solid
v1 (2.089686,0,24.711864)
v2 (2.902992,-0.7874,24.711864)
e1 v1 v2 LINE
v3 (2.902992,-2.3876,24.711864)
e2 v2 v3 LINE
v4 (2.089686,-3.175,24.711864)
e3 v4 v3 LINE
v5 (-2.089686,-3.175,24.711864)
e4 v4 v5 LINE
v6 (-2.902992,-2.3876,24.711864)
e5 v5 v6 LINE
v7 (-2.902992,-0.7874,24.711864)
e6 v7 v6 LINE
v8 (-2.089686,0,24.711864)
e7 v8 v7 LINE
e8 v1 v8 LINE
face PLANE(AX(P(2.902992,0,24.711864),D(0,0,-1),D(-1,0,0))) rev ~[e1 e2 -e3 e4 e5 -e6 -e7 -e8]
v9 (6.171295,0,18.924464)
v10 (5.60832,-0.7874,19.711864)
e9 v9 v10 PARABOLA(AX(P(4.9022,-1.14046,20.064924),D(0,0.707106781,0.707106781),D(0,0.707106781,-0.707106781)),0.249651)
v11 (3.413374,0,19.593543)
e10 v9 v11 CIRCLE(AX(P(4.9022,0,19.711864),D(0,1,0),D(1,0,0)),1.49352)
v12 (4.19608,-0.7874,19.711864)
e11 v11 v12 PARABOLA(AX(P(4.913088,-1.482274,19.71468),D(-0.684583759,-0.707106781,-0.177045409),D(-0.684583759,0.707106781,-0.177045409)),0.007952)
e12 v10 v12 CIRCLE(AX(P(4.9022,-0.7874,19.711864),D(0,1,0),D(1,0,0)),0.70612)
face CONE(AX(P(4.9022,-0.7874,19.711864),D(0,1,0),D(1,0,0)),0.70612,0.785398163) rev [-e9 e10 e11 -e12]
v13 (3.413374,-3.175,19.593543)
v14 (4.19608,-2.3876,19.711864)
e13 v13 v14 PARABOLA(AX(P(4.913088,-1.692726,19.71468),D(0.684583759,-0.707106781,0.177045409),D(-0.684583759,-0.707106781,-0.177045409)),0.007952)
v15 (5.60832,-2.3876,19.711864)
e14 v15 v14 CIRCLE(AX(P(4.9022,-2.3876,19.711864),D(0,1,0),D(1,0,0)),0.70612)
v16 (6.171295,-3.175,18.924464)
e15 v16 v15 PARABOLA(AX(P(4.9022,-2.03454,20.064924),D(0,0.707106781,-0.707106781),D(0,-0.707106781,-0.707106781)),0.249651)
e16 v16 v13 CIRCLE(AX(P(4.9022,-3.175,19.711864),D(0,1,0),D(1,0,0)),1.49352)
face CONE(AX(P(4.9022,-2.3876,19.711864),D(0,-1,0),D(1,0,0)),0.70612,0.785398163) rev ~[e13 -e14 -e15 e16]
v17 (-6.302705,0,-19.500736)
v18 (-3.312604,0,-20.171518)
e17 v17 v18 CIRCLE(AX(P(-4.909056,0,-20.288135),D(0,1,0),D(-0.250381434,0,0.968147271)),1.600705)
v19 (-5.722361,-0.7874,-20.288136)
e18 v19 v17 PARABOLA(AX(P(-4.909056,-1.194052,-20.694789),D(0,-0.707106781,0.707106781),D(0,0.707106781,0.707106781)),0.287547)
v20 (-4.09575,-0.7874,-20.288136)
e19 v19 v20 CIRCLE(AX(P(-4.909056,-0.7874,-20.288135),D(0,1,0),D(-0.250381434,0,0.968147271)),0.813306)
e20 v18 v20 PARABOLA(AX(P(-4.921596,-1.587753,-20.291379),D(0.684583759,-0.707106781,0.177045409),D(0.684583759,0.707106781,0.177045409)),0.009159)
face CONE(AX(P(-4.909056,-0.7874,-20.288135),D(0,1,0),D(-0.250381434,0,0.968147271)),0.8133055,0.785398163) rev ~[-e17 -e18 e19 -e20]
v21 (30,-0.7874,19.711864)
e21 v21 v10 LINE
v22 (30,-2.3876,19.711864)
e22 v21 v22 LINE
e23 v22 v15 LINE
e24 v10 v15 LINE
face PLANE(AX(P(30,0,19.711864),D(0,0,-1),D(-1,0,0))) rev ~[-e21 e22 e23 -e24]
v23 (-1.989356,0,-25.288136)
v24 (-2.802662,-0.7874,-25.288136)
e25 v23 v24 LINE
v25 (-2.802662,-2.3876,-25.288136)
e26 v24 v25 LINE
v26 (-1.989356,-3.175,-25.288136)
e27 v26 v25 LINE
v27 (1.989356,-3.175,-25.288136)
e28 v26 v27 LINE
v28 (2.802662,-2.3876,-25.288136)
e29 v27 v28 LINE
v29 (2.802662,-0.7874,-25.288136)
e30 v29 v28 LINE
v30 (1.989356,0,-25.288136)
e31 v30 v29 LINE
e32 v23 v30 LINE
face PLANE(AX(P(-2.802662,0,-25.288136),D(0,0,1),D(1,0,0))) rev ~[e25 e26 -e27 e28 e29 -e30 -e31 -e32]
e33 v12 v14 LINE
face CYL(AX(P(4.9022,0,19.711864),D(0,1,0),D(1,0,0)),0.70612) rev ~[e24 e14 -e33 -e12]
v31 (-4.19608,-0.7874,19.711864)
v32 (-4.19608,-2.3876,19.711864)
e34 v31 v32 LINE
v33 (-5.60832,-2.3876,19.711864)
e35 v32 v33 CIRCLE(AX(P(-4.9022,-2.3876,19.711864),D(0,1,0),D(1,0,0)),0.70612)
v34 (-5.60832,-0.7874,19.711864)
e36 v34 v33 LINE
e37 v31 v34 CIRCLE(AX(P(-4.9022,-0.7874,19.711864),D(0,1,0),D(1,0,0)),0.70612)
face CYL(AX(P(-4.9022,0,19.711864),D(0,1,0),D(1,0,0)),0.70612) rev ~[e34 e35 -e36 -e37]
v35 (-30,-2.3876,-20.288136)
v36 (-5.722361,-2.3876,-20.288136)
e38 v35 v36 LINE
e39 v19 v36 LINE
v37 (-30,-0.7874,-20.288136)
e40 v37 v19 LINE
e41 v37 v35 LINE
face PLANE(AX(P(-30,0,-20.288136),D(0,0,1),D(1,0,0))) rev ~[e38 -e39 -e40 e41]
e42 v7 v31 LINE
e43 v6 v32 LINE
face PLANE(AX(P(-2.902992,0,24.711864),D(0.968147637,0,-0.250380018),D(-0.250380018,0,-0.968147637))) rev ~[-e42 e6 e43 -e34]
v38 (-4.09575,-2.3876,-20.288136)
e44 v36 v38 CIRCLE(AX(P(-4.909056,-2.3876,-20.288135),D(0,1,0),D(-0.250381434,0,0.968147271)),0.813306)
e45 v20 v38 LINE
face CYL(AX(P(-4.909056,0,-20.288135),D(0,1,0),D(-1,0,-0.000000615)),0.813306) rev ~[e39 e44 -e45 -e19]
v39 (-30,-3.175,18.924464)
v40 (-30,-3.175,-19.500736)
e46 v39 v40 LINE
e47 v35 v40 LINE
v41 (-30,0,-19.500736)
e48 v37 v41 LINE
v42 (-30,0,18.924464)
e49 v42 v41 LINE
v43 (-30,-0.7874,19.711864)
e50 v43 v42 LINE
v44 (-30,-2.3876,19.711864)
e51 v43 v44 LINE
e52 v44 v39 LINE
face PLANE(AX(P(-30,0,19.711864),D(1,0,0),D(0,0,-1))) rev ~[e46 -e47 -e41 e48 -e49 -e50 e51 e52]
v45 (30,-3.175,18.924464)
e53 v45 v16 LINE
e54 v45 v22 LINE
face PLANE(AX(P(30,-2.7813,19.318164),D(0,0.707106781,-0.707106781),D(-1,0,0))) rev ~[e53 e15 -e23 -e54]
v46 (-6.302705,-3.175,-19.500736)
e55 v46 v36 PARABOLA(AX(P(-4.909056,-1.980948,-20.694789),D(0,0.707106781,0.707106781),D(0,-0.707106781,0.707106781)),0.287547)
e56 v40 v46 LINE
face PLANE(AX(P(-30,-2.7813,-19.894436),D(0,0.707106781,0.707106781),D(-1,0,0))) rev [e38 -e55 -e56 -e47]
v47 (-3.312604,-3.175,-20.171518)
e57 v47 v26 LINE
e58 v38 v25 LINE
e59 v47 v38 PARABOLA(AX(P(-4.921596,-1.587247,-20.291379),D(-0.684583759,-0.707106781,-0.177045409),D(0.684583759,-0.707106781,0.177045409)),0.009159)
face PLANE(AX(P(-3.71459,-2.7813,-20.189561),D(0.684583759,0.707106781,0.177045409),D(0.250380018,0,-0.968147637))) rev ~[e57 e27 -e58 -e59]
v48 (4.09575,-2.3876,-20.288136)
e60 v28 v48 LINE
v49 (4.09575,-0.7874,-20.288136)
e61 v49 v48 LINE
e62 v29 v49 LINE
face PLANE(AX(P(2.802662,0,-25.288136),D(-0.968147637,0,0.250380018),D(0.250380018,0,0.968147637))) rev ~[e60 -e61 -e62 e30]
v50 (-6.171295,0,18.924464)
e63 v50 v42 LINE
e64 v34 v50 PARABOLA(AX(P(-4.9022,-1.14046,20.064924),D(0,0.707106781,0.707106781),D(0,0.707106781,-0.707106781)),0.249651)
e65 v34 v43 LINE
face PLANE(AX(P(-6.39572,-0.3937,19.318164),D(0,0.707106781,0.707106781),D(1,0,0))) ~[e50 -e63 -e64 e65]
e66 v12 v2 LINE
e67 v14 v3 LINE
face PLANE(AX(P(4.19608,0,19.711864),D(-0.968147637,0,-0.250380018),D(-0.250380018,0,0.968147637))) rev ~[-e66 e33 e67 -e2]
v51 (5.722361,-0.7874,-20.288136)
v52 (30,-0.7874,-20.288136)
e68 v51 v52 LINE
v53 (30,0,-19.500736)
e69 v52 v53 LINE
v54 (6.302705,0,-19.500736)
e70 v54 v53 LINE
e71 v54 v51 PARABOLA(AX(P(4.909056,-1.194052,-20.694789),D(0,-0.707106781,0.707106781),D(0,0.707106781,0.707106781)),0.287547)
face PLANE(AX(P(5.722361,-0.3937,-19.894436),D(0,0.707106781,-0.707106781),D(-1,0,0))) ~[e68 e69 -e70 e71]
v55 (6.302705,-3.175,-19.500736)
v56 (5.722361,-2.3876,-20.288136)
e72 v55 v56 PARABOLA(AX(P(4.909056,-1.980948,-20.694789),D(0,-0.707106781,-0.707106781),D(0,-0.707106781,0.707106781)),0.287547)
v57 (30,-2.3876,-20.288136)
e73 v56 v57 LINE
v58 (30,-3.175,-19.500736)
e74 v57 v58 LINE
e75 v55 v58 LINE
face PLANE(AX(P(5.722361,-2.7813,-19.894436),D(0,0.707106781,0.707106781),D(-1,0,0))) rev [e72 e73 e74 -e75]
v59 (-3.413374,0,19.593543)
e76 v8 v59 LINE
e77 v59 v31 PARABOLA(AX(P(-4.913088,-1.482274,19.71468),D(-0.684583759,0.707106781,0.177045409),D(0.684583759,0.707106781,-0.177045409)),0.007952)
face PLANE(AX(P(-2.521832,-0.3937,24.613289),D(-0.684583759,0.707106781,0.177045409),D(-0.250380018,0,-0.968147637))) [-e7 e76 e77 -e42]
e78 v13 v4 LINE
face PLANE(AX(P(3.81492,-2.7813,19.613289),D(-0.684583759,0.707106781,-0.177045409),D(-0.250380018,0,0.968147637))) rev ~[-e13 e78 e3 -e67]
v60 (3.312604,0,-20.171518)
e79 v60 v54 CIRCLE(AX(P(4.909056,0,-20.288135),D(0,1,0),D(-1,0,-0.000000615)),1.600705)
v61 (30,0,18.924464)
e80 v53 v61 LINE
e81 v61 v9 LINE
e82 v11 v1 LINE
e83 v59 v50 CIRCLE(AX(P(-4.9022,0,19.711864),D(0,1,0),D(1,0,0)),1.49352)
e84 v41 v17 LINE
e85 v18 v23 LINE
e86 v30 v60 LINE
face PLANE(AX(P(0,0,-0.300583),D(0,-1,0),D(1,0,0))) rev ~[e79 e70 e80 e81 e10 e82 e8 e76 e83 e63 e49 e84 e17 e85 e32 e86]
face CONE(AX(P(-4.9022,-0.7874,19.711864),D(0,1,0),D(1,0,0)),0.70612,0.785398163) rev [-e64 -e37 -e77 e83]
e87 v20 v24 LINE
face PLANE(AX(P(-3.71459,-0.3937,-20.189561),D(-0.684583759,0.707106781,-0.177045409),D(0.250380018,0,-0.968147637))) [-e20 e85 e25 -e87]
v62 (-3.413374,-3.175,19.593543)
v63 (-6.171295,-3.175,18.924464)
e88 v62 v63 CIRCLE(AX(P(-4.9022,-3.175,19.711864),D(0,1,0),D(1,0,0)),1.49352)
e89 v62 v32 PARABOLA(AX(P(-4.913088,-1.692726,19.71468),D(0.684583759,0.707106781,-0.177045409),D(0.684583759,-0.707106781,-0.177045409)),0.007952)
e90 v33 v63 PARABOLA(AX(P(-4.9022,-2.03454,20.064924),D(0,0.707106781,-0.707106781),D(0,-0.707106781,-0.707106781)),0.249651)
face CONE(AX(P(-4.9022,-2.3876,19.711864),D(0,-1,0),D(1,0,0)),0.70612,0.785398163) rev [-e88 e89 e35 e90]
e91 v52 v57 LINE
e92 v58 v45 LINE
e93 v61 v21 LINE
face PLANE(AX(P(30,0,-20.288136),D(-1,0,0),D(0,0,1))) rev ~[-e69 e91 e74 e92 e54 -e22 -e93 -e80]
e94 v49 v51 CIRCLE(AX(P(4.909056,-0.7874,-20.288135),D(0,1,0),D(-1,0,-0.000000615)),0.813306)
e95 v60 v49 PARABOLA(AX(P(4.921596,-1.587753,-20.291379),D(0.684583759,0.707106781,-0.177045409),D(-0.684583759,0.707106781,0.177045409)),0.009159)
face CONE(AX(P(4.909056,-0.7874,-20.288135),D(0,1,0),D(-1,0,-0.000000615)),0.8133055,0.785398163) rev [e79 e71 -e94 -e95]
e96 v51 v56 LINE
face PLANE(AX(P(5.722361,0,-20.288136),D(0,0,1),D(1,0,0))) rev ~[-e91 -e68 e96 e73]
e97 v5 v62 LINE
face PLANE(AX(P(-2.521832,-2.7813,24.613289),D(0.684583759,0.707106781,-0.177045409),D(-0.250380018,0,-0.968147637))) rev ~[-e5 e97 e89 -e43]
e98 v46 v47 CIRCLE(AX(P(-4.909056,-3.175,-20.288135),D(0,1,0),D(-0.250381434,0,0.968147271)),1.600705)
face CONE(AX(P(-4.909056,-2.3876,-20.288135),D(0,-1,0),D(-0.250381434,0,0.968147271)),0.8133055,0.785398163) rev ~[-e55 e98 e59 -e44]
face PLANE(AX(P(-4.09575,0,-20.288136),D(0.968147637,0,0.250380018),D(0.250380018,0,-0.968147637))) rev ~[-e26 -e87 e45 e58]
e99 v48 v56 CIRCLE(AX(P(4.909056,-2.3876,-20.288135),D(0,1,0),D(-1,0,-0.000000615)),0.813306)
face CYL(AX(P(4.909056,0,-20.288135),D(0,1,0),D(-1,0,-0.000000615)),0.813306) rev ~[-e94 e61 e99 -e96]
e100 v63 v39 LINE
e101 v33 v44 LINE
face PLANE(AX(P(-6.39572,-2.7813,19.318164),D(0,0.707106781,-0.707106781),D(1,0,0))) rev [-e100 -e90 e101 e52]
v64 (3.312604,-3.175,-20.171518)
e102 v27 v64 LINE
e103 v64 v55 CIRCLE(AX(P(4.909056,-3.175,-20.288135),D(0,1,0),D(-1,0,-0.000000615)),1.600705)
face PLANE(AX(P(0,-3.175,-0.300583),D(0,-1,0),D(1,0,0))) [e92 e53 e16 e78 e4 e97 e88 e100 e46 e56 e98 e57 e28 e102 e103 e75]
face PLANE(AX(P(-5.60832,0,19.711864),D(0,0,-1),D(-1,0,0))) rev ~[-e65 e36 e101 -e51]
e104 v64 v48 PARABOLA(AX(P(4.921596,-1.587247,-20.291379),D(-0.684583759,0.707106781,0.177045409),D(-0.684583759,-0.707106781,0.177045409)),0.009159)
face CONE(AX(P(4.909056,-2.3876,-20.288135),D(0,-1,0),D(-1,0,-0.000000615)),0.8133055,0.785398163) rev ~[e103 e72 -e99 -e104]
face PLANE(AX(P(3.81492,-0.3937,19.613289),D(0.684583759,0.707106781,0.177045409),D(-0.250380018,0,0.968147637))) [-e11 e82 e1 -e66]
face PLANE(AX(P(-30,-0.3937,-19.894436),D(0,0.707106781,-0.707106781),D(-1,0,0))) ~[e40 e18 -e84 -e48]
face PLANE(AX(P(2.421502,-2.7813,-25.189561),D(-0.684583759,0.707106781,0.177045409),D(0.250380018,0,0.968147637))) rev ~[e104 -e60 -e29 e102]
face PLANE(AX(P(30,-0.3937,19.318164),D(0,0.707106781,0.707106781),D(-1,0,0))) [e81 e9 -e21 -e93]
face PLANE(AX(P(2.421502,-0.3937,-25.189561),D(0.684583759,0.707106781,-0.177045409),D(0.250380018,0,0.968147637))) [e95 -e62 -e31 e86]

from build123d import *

# Parameters (mm, degrees)
F1_DEPTH = 3.175
F2_SIZE  = 0.7874
F3_SIZE  = 0.7874
F4_SIZE  = 0.7874
F5_SIZE  = 0.7874
F6_SIZE  = 0.7874
F7_SIZE  = 0.7874


with BuildPart() as f1:
    # F0 (on Front) → F1 (new body)
    with BuildSketch(Plane.XZ):
        with BuildLine():
            Line((-30, 19.711864), (-30, -20.288136))
            Line((-30, -20.288136), (-5.722361, -20.288136))
            ThreePointArc((-5.722361, -20.288136), (-4.909056, -19.47483), (-4.09575, -20.288136))
            Line((-4.09575, -20.288136), (-2.802662, -25.288136))
            Line((-2.802662, -25.288136), (2.802662, -25.288136))
            Line((2.802662, -25.288136), (4.09575, -20.288136))
            ThreePointArc((4.09575, -20.288136), (4.909056, -19.47483), (5.722361, -20.288136))
            Line((5.722361, -20.288136), (30, -20.288136))
            Line((30, -20.288136), (30, -19.711864))
            Line((30, -19.711864), (30, 19.711864))
            Line((30, 19.711864), (5.60832, 19.711864))
            ThreePointArc((5.60832, 19.711864), (4.9022, 19.005744), (4.19608, 19.711864))
            Line((4.19608, 19.711864), (2.902992, 24.711864))
            Line((2.902992, 24.711864), (-2.902992, 24.711864))
            Line((-2.902992, 24.711864), (-4.19608, 19.711864))
            ThreePointArc((-4.19608, 19.711864), (-4.9022, 19.005744), (-5.60832, 19.711864))
            Line((-5.60832, 19.711864), (-30, 19.711864))
        make_face()
    extrude(amount=F1_DEPTH)

    # F2
    f2_edges = [f1.edges().sort_by_distance(p)[0] for p in [
        (-17.861181, 0, -20.288136),
        (17.861181, 0, -20.288136),
        (17.861181, -3.175, -20.288136),
        (-17.861181, -3.175, -20.288136),
    ]]
    chamfer(f2_edges, length=F2_SIZE)

    # F3
    f3_edges = [f1.edges().sort_by_distance(p)[0] for p in [
        (3.549536, 0, 22.211864),
        (4.9022, 0, 19.005744),
        (-3.549536, 0, 22.211864),
        (-4.9022, 0, 19.005744),
    ]]
    chamfer(f3_edges, length=F3_SIZE)

    # F4
    f4_edges = [f1.edges().sort_by_distance(p)[0] for p in [
        (4.9022, -3.175, 19.005744),
        (3.549536, -3.175, 22.211864),
        (-3.549536, -3.175, 22.211864),
        (-4.9022, -3.175, 19.005744),
    ]]
    chamfer(f4_edges, length=F4_SIZE)

    # F5
    f5_edges = [f1.edges().sort_by_distance(p)[0] for p in [
        (18.19786, -3.175, 19.711864),
        (-18.19786, -3.175, 19.711864),
        (18.19786, 0, 19.711864),
        (-18.19786, 0, 19.711864),
    ]]
    chamfer(f5_edges, length=F5_SIZE)

    # F6
    f6_edges = [f1.edges().sort_by_distance(p)[0] for p in [
        (3.449206, -3.175, -22.788136),
        (4.411136, -3.175, -19.645063),
        (-3.449206, -3.175, -22.788136),
        (-4.411136, -3.175, -19.645063),
    ]]
    chamfer(f6_edges, length=F6_SIZE)

    # F7
    f7_edges = [f1.edges().sort_by_distance(p)[0] for p in [
        (3.449206, 0, -22.788136),
        (4.411136, 0, -19.645063),
        (-3.449206, 0, -22.788136),
        (-4.411136, 0, -19.645063),
    ]]
    chamfer(f7_edges, length=F7_SIZE)


solid = f1.part
